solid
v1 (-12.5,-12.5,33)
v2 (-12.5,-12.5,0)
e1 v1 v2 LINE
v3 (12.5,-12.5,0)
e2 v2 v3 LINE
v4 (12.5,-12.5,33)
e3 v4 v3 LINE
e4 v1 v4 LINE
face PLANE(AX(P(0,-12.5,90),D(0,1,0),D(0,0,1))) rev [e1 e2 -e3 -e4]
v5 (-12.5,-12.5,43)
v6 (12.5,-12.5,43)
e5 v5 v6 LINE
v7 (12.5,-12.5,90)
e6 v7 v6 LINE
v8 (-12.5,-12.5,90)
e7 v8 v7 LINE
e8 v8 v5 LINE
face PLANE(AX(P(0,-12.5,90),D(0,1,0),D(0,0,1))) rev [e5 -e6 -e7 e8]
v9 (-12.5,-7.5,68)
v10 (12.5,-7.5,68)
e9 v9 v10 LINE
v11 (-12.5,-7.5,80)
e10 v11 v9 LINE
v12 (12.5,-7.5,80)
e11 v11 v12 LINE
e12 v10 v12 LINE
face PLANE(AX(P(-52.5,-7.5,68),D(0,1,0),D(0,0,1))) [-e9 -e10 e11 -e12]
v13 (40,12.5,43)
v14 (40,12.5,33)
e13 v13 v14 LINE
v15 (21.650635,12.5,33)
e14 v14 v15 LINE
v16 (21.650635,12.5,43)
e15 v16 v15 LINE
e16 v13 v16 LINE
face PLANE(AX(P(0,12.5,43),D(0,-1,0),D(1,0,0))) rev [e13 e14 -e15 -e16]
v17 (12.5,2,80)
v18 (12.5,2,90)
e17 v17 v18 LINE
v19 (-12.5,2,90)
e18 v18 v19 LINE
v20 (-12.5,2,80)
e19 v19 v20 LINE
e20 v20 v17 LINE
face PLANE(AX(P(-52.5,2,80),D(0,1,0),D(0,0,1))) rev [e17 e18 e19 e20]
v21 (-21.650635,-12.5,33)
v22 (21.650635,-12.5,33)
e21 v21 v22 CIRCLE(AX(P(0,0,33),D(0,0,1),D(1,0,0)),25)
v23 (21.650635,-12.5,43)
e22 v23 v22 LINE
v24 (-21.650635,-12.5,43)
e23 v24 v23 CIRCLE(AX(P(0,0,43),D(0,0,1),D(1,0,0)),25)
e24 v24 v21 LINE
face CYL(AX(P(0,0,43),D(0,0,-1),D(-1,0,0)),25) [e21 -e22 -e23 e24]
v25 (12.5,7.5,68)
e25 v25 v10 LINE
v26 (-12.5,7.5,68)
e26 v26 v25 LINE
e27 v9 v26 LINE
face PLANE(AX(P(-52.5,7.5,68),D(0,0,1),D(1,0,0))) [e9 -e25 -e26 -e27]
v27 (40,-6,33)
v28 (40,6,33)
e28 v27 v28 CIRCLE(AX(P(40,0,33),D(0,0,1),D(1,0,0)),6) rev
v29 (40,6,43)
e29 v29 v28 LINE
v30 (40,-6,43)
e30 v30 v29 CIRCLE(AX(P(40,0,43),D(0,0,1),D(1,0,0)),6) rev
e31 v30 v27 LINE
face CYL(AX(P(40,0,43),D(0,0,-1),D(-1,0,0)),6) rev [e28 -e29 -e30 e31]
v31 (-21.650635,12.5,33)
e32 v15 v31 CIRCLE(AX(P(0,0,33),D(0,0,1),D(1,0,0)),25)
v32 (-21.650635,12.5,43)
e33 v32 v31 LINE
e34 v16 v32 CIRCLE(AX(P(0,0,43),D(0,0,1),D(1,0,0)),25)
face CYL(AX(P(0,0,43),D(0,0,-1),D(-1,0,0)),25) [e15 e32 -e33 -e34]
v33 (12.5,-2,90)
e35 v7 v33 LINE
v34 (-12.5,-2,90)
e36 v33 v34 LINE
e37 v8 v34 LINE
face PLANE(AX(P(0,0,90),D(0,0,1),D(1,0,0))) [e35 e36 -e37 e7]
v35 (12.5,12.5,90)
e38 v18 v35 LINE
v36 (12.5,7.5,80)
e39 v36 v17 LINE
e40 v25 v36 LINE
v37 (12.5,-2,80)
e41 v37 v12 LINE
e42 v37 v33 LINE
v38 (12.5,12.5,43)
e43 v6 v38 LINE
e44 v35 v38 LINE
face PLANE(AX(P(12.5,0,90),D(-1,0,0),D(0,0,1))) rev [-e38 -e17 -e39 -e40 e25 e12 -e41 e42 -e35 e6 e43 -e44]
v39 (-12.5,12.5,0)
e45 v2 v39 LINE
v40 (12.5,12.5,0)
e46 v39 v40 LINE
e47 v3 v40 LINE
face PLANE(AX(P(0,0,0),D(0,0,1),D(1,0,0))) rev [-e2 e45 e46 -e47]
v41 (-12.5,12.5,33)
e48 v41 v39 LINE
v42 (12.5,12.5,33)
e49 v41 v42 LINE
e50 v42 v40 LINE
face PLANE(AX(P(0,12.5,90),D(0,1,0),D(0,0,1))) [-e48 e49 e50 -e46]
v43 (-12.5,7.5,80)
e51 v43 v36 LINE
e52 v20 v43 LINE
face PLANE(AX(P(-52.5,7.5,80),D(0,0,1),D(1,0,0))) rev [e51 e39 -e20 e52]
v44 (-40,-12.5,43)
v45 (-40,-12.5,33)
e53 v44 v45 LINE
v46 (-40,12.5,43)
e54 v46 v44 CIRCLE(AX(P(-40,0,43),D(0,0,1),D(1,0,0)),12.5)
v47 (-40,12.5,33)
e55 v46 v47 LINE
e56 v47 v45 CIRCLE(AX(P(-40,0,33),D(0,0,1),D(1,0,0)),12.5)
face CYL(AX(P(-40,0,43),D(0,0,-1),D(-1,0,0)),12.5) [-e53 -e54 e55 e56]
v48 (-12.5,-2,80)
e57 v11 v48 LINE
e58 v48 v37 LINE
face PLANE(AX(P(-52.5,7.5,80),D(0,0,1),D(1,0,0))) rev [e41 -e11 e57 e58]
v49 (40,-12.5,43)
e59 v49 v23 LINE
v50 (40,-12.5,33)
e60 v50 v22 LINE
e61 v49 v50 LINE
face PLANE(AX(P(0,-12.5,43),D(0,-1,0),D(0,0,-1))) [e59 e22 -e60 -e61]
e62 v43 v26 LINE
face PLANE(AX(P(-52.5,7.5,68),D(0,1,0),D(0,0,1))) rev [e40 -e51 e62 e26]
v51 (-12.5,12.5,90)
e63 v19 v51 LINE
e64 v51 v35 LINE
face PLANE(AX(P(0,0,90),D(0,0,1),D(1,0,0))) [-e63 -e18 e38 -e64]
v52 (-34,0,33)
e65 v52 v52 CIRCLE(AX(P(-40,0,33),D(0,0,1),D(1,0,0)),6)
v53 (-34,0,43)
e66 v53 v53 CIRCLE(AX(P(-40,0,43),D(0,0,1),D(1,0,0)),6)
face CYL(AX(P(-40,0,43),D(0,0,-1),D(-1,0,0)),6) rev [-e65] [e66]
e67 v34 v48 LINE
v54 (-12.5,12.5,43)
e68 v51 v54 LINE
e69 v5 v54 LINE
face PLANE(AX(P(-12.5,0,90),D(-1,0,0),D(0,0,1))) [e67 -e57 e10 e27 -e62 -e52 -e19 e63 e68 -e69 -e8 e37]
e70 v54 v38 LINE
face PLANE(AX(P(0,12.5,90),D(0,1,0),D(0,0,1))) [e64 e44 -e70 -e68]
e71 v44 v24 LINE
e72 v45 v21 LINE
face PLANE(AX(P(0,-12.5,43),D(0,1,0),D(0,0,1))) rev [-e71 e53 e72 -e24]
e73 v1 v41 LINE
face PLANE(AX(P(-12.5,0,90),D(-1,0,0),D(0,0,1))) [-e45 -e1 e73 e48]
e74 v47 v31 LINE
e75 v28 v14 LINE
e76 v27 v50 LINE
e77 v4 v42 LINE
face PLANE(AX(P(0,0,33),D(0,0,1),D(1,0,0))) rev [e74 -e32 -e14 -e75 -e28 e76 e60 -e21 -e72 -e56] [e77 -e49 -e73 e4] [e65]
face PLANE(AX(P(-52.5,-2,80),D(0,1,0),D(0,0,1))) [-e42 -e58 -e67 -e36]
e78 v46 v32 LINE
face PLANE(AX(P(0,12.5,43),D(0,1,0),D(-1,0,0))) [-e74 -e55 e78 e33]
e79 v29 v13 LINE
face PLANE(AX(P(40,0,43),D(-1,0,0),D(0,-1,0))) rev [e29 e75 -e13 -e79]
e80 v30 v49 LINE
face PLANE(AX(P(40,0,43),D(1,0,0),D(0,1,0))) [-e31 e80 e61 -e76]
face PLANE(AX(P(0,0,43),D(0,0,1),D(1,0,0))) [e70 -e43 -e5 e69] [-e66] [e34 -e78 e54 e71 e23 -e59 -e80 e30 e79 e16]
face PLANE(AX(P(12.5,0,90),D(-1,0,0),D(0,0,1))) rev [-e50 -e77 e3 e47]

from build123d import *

# Parameters (mm, degrees)
SKETCH_1_W          = 25
SKETCH_1_H          = 25
EXTRUDE_1_DEPTH     = 90
EXTRUDE_START       = 33
SKETCH_1_3_R        = 6
SKETCH_1_3_W        = 25
SKETCH_1_3_H        = 25
EXTRUDE_2_DEPTH     = 10
SKETCH_3_W          = 12
SKETCH_3_H          = 15
SKETCH_3_W_2        = 10
SKETCH_3_H_2        = 4
CUT_EXTRUDE_3_DEPTH = 114.798066767


with BuildPart() as part:
    # Эскиз1 → Бобышка-Вытянуть1 (new body)
    with BuildSketch(Plane.XY):
        Rectangle(SKETCH_1_W, SKETCH_1_H)
    extrude(amount=EXTRUDE_1_DEPTH)

    # Эскиз1<3> → Бобышка-Вытянуть2 (add)
    with BuildSketch(Plane.XY.offset(EXTRUDE_START)):
        with BuildLine():
            Line((-21.650635095, 12.5), (-40, 12.5))
            ThreePointArc((-40, 12.5), (-52.5, 0), (-40, -12.5))
            Line((-40, -12.5), (-21.650635095, -12.5))
            ThreePointArc((-21.650635095, -12.5), (0, -25), (21.650635095, -12.5))
            Line((21.650635095, -12.5), (40, -12.5))
            Line((40, -12.5), (40, -6))
            ThreePointArc((40, -6), (34, 0), (40, 6))
            Line((40, 6), (40, 12.5))
            Line((40, 12.5), (21.650635095, 12.5))
            ThreePointArc((21.650635095, 12.5), (0, 25), (-21.650635095, 12.5))
        make_face()
        with Locations((-40, 0)):
            Circle(SKETCH_1_3_R, mode=Mode.SUBTRACT)
        Rectangle(SKETCH_1_3_W, SKETCH_1_3_H, mode=Mode.SUBTRACT)
    extrude(amount=EXTRUDE_2_DEPTH)

    # Эскиз3 → Вырез-Вытянуть3 (cut, through all)
    with BuildSketch(Plane.ZY.offset(-12.5)):
        with Locations((74, 0)):
            Rectangle(SKETCH_3_W, SKETCH_3_H)
        with Locations((85, 0)):
            Rectangle(SKETCH_3_W_2, SKETCH_3_H_2)
    extrude(amount=CUT_EXTRUDE_3_DEPTH, mode=Mode.SUBTRACT)


solid = part.part
